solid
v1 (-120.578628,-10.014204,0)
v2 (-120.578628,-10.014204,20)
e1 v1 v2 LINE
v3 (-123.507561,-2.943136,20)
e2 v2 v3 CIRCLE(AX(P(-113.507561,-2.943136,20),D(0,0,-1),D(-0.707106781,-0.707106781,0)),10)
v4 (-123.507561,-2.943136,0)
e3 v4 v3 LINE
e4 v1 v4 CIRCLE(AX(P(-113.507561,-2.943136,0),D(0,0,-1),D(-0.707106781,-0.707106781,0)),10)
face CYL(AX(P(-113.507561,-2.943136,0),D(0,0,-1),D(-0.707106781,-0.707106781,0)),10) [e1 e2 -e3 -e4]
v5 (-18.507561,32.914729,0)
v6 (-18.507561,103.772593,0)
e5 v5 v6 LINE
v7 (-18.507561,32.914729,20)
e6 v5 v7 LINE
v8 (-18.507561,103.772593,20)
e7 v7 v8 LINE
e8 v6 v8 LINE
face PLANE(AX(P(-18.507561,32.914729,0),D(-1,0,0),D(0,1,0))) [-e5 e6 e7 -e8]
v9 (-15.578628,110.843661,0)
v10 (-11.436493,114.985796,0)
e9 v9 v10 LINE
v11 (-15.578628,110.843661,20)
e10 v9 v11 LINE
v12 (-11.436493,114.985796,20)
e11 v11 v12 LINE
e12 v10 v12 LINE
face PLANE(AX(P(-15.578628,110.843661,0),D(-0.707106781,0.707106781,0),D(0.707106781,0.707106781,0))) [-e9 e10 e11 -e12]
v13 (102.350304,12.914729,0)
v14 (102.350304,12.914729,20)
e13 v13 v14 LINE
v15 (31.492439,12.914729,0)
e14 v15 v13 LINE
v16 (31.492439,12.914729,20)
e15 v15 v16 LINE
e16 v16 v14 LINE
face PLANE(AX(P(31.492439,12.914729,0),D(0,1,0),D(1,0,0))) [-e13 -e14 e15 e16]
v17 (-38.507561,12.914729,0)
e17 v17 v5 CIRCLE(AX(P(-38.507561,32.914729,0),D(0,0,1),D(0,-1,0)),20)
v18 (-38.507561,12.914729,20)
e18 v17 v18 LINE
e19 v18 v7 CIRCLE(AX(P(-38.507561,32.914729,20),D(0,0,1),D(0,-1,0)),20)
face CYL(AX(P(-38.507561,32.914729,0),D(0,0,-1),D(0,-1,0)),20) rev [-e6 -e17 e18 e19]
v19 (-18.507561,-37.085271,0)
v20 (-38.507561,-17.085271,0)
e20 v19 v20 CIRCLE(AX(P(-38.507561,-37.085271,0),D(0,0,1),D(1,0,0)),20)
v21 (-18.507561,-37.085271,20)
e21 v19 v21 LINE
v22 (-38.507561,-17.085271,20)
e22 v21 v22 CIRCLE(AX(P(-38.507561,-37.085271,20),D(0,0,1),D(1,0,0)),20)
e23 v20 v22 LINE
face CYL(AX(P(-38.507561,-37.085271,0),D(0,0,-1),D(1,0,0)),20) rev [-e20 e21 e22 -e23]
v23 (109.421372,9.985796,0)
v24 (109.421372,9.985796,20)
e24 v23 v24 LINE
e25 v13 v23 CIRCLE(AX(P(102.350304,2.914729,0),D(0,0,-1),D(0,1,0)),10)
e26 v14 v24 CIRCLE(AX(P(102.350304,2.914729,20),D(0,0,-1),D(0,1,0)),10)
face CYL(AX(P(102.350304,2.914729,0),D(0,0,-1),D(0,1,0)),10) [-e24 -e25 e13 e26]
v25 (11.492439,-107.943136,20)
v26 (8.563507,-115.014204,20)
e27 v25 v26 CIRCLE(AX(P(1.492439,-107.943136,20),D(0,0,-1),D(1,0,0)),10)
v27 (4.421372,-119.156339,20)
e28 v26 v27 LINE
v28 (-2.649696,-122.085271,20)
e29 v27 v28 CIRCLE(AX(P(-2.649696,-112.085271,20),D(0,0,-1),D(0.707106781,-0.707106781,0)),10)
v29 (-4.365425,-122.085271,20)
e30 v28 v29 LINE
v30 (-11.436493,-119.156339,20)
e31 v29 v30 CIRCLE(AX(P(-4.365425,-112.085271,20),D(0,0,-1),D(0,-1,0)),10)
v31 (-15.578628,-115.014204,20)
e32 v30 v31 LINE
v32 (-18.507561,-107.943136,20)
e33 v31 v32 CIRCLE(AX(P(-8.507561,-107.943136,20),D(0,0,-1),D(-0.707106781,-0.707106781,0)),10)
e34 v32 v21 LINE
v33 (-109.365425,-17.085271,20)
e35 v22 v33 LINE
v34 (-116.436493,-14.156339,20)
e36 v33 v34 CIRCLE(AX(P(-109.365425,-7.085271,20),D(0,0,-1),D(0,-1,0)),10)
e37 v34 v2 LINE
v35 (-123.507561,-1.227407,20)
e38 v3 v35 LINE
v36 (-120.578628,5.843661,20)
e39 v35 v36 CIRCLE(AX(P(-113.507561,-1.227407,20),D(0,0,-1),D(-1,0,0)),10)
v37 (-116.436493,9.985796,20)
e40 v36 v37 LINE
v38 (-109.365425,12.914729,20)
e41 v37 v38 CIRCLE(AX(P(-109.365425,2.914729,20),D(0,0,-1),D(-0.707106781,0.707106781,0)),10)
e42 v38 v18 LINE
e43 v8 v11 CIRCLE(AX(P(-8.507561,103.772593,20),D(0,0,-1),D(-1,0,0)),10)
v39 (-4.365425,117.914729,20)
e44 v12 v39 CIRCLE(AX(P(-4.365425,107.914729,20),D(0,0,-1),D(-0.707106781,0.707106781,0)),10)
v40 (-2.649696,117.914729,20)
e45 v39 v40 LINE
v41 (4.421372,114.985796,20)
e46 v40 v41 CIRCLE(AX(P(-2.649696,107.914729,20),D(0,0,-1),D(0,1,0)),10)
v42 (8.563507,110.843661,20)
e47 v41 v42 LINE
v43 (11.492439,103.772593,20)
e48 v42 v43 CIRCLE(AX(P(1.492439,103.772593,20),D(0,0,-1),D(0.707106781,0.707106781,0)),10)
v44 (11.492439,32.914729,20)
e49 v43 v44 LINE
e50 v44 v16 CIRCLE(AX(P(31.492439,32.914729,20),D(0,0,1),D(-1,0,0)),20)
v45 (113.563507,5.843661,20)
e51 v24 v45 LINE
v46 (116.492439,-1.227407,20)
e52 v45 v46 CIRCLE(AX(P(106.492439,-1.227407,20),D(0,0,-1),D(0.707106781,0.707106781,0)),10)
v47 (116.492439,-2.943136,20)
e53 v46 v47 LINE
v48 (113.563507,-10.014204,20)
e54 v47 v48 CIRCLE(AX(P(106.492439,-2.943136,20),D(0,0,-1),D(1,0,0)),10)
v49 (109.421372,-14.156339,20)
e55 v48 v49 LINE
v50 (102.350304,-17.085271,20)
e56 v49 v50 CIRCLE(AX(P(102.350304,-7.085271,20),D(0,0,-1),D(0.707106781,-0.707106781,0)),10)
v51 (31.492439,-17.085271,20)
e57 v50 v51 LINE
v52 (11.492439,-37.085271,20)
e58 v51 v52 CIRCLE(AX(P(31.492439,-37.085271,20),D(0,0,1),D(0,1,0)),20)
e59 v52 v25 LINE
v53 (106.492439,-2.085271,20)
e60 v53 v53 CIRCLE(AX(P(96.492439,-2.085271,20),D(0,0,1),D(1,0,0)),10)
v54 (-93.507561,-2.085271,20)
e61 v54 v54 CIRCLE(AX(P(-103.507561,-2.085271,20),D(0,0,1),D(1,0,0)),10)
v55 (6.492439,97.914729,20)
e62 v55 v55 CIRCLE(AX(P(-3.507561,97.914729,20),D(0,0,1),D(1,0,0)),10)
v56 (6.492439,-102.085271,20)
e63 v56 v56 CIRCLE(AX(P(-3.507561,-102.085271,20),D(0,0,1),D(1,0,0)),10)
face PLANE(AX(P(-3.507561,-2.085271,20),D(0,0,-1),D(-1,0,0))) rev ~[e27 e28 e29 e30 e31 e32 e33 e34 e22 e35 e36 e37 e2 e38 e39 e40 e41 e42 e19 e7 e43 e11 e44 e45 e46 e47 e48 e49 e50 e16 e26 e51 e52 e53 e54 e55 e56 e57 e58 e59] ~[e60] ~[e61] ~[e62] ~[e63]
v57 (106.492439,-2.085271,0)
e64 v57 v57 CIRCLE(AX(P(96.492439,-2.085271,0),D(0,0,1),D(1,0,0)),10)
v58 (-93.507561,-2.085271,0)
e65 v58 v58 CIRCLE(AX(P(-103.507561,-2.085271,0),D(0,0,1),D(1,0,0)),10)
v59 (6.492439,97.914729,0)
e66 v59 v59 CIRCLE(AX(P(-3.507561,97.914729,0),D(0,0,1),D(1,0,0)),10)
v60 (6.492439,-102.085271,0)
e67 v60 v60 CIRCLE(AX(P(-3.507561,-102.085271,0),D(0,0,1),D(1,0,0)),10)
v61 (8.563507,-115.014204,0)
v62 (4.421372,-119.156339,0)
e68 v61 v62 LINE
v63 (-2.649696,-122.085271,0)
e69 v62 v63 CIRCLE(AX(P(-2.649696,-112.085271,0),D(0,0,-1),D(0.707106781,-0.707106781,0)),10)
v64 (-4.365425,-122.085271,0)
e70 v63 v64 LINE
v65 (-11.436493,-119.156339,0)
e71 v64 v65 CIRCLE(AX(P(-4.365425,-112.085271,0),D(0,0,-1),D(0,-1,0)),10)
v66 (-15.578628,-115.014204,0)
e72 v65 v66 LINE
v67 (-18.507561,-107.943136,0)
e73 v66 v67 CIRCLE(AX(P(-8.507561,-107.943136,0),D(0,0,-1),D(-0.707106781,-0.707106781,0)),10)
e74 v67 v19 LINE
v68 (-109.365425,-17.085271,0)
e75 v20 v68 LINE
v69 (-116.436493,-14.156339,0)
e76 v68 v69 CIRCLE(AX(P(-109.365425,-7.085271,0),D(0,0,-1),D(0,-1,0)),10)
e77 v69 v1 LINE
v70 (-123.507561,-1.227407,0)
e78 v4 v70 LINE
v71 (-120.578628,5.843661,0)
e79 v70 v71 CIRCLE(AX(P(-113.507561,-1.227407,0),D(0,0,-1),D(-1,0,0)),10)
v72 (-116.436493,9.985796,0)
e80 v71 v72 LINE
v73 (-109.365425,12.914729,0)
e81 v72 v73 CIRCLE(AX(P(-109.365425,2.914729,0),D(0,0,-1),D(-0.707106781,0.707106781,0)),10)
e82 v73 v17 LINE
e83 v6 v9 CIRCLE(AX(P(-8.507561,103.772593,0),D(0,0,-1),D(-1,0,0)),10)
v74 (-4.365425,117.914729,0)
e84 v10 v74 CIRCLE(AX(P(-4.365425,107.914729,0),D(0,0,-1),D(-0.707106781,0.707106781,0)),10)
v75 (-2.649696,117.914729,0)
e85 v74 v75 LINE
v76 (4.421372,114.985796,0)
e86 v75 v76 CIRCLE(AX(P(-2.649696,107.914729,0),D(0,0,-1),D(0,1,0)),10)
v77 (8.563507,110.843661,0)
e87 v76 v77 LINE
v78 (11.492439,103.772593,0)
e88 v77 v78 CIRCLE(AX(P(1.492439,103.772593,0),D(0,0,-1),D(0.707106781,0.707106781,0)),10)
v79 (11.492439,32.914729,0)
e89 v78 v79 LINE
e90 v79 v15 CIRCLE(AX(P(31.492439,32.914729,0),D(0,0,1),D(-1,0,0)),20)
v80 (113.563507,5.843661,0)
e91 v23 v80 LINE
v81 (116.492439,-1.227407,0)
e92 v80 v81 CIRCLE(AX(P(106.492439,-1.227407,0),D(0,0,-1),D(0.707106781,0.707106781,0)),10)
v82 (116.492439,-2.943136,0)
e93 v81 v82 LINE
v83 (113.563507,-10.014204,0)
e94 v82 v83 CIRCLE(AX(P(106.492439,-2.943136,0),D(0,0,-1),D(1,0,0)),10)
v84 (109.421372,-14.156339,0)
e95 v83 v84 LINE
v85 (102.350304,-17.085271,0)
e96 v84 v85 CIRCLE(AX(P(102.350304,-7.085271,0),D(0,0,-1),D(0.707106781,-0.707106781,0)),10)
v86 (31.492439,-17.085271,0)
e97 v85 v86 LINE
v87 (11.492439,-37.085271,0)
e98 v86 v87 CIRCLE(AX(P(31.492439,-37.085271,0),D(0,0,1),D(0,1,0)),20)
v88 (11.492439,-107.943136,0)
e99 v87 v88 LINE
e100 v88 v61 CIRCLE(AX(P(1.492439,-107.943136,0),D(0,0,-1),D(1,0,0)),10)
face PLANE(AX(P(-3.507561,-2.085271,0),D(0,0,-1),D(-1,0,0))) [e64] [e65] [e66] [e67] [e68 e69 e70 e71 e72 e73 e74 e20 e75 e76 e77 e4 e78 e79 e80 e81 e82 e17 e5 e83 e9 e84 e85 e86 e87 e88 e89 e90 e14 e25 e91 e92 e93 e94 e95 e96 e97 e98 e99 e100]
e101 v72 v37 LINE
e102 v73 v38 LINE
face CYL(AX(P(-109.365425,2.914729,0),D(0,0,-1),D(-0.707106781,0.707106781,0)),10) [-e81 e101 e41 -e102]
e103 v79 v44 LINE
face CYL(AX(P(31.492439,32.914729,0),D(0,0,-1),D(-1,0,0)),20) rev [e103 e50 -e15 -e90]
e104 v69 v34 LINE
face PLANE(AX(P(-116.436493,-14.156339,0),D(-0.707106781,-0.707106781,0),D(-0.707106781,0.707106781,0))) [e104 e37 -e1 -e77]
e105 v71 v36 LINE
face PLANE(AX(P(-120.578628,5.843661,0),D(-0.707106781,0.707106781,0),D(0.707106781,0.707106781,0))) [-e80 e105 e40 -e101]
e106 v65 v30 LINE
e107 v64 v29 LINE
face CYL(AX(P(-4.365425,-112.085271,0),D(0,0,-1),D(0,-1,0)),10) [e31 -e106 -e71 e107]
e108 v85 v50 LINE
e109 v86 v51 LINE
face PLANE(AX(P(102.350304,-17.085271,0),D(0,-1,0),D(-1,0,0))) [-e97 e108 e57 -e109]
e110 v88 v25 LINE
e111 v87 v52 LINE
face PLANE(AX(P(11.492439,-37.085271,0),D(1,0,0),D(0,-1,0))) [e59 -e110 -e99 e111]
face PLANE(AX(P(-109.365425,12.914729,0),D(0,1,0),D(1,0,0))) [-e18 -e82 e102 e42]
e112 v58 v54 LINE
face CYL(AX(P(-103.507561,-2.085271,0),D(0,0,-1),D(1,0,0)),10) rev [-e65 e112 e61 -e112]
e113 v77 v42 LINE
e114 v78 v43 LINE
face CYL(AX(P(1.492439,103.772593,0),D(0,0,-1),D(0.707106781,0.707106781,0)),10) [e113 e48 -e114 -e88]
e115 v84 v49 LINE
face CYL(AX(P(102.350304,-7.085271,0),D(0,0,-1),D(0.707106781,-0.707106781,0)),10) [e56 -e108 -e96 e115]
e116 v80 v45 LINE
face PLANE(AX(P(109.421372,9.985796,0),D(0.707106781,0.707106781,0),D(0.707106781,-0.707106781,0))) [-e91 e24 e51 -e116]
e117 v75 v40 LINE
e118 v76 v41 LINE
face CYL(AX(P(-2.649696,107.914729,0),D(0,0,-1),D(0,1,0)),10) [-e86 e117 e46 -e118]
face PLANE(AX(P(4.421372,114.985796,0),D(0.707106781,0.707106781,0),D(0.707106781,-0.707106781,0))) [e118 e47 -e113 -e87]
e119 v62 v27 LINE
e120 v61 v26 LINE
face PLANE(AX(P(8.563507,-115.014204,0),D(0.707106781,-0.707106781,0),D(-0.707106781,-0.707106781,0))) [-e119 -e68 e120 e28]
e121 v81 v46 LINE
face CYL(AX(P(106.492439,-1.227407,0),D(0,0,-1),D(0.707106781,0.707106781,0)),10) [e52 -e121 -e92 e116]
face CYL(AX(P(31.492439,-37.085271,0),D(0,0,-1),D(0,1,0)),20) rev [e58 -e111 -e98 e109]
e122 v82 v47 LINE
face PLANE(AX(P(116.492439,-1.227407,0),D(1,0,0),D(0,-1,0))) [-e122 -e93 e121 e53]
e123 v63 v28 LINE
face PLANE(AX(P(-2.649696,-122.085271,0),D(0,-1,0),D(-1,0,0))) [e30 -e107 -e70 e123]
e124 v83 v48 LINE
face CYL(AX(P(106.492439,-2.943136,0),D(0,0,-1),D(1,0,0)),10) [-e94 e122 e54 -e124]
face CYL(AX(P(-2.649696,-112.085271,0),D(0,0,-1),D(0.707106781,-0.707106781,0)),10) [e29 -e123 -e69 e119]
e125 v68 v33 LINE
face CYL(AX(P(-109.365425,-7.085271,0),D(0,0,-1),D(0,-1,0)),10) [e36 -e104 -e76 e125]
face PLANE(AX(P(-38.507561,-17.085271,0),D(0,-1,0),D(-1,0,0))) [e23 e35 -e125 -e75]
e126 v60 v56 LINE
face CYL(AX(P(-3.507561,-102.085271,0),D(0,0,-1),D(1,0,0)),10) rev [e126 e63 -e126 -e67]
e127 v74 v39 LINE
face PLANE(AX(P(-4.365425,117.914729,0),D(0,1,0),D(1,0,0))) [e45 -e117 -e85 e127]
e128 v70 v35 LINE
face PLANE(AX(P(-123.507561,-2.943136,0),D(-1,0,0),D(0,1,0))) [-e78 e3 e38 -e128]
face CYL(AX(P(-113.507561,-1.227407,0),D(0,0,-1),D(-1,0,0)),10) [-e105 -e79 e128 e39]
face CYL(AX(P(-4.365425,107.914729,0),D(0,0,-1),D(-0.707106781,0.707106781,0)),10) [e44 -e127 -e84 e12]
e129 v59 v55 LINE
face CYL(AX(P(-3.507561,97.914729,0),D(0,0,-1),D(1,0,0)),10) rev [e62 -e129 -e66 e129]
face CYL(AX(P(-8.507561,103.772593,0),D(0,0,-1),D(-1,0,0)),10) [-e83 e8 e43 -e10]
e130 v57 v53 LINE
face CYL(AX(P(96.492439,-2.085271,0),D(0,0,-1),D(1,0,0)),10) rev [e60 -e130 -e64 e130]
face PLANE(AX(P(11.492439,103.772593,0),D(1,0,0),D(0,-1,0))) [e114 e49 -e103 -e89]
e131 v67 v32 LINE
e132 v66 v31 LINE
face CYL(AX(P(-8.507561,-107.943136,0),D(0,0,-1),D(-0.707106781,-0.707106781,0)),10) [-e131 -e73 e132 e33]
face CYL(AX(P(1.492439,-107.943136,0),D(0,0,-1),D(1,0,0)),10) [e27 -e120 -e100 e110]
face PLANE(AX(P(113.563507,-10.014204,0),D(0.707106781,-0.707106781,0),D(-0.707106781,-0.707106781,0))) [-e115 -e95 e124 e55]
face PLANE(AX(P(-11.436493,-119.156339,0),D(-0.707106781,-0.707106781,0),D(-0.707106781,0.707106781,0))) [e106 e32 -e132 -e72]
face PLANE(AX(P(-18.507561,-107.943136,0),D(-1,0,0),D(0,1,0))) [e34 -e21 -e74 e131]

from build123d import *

# Parameters (mm, degrees)
SKETCH_1_R      = 10
EXTRUDE_3_DEPTH = 20


with BuildPart() as part:
    # Эскиз1 → Бобышка-Вытянуть3 (new body)
    with BuildSketch(Plane.XY):
        with BuildLine():
            Line((-15.578628424, 110.843660763), (-11.436492801, 114.985796387))
            ThreePointArc((-11.436492801, 114.985796387), (-8.192259312, 117.1535239), (-4.365424989, 117.914728575))
            Line((-4.365424989, 117.914728575), (-2.649696236, 117.914728575))
            ThreePointArc((-2.649696236, 117.914728575), (1.177138088, 117.1535239), (4.421371576, 114.985796387))
            Line((4.421371576, 114.985796387), (8.563507199, 110.843660763))
            ThreePointArc((8.563507199, 110.843660763), (10.731234713, 107.599427275), (11.492439388, 103.772592951))
            Line((11.492439388, 103.772592951), (11.492439388, 32.914728575))
            ThreePointArc((11.492439388, 32.914728575), (17.350303764, 18.772592951), (31.492439388, 12.914728575))
            Line((31.492439388, 12.914728575), (102.350303764, 12.914728575))
            ThreePointArc((102.350303764, 12.914728575), (106.177138088, 12.1535239), (109.421371576, 9.985796387))
            Line((109.421371576, 9.985796387), (113.563507199, 5.843660763))
            ThreePointArc((113.563507199, 5.843660763), (115.731234713, 2.599427275), (116.492439388, -1.227407049))
            Line((116.492439388, -1.227407049), (116.492439388, -2.943135801))
            ThreePointArc((116.492439388, -2.943135801), (115.731234713, -6.769970125), (113.563507199, -10.014203613))
            Line((113.563507199, -10.014203613), (109.421371576, -14.156339237))
            ThreePointArc((109.421371576, -14.156339237), (106.177138088, -16.32406675), (102.350303764, -17.085271425))
            Line((102.350303764, -17.085271425), (31.492439388, -17.085271425))
            ThreePointArc((31.492439388, -17.085271425), (17.350303764, -22.943135801), (11.492439388, -37.085271425))
            Line((11.492439388, -37.085271425), (11.492439388, -107.943135801))
            ThreePointArc((11.492439388, -107.943135801), (10.731234713, -111.769970125), (8.563507199, -115.014203613))
            Line((8.563507199, -115.014203613), (4.421371576, -119.156339237))
            ThreePointArc((4.421371576, -119.156339237), (1.177138088, -121.32406675), (-2.649696236, -122.085271425))
            Line((-2.649696236, -122.085271425), (-4.365424989, -122.085271425))
            ThreePointArc((-4.365424989, -122.085271425), (-8.192259312, -121.32406675), (-11.436492801, -119.156339237))
            Line((-11.436492801, -119.156339237), (-15.578628424, -115.014203613))
            ThreePointArc((-15.578628424, -115.014203613), (-17.746355937, -111.769970125), (-18.507560612, -107.943135801))
            Line((-18.507560612, -107.943135801), (-18.507560612, -37.085271425))
            ThreePointArc((-18.507560612, -37.085271425), (-24.365424989, -22.943135801), (-38.507560612, -17.085271425))
            Line((-38.507560612, -17.085271425), (-109.365424989, -17.085271425))
            ThreePointArc((-109.365424989, -17.085271425), (-113.192259312, -16.32406675), (-116.436492801, -14.156339237))
            Line((-116.436492801, -14.156339237), (-120.578628424, -10.014203613))
            ThreePointArc((-120.578628424, -10.014203613), (-122.746355937, -6.769970125), (-123.507560612, -2.943135801))
            Line((-123.507560612, -2.943135801), (-123.507560612, -1.227407049))
            ThreePointArc((-123.507560612, -1.227407049), (-122.746355937, 2.599427275), (-120.578628424, 5.843660763))
            Line((-120.578628424, 5.843660763), (-116.436492801, 9.985796387))
            ThreePointArc((-116.436492801, 9.985796387), (-113.192259312, 12.1535239), (-109.365424989, 12.914728575))
            Line((-109.365424989, 12.914728575), (-38.507560612, 12.914728575))
            ThreePointArc((-38.507560612, 12.914728575), (-24.365424989, 18.772592951), (-18.507560612, 32.914728575))
            Line((-18.507560612, 32.914728575), (-18.507560612, 103.772592951))
            ThreePointArc((-18.507560612, 103.772592951), (-17.746355937, 107.599427275), (-15.578628424, 110.843660763))
        make_face()
        with Locations((-103.507560612, -2.085271425)):
            Circle(SKETCH_1_R, mode=Mode.SUBTRACT)
        with Locations((-3.507560612, 97.914728575)):
            Circle(SKETCH_1_R, mode=Mode.SUBTRACT)
        with Locations((96.492439388, -2.085271425)):
            Circle(SKETCH_1_R, mode=Mode.SUBTRACT)
        with Locations((-3.507560612, -102.085271425)):
            Circle(SKETCH_1_R, mode=Mode.SUBTRACT)
    extrude(amount=EXTRUDE_3_DEPTH)


solid = part.part
